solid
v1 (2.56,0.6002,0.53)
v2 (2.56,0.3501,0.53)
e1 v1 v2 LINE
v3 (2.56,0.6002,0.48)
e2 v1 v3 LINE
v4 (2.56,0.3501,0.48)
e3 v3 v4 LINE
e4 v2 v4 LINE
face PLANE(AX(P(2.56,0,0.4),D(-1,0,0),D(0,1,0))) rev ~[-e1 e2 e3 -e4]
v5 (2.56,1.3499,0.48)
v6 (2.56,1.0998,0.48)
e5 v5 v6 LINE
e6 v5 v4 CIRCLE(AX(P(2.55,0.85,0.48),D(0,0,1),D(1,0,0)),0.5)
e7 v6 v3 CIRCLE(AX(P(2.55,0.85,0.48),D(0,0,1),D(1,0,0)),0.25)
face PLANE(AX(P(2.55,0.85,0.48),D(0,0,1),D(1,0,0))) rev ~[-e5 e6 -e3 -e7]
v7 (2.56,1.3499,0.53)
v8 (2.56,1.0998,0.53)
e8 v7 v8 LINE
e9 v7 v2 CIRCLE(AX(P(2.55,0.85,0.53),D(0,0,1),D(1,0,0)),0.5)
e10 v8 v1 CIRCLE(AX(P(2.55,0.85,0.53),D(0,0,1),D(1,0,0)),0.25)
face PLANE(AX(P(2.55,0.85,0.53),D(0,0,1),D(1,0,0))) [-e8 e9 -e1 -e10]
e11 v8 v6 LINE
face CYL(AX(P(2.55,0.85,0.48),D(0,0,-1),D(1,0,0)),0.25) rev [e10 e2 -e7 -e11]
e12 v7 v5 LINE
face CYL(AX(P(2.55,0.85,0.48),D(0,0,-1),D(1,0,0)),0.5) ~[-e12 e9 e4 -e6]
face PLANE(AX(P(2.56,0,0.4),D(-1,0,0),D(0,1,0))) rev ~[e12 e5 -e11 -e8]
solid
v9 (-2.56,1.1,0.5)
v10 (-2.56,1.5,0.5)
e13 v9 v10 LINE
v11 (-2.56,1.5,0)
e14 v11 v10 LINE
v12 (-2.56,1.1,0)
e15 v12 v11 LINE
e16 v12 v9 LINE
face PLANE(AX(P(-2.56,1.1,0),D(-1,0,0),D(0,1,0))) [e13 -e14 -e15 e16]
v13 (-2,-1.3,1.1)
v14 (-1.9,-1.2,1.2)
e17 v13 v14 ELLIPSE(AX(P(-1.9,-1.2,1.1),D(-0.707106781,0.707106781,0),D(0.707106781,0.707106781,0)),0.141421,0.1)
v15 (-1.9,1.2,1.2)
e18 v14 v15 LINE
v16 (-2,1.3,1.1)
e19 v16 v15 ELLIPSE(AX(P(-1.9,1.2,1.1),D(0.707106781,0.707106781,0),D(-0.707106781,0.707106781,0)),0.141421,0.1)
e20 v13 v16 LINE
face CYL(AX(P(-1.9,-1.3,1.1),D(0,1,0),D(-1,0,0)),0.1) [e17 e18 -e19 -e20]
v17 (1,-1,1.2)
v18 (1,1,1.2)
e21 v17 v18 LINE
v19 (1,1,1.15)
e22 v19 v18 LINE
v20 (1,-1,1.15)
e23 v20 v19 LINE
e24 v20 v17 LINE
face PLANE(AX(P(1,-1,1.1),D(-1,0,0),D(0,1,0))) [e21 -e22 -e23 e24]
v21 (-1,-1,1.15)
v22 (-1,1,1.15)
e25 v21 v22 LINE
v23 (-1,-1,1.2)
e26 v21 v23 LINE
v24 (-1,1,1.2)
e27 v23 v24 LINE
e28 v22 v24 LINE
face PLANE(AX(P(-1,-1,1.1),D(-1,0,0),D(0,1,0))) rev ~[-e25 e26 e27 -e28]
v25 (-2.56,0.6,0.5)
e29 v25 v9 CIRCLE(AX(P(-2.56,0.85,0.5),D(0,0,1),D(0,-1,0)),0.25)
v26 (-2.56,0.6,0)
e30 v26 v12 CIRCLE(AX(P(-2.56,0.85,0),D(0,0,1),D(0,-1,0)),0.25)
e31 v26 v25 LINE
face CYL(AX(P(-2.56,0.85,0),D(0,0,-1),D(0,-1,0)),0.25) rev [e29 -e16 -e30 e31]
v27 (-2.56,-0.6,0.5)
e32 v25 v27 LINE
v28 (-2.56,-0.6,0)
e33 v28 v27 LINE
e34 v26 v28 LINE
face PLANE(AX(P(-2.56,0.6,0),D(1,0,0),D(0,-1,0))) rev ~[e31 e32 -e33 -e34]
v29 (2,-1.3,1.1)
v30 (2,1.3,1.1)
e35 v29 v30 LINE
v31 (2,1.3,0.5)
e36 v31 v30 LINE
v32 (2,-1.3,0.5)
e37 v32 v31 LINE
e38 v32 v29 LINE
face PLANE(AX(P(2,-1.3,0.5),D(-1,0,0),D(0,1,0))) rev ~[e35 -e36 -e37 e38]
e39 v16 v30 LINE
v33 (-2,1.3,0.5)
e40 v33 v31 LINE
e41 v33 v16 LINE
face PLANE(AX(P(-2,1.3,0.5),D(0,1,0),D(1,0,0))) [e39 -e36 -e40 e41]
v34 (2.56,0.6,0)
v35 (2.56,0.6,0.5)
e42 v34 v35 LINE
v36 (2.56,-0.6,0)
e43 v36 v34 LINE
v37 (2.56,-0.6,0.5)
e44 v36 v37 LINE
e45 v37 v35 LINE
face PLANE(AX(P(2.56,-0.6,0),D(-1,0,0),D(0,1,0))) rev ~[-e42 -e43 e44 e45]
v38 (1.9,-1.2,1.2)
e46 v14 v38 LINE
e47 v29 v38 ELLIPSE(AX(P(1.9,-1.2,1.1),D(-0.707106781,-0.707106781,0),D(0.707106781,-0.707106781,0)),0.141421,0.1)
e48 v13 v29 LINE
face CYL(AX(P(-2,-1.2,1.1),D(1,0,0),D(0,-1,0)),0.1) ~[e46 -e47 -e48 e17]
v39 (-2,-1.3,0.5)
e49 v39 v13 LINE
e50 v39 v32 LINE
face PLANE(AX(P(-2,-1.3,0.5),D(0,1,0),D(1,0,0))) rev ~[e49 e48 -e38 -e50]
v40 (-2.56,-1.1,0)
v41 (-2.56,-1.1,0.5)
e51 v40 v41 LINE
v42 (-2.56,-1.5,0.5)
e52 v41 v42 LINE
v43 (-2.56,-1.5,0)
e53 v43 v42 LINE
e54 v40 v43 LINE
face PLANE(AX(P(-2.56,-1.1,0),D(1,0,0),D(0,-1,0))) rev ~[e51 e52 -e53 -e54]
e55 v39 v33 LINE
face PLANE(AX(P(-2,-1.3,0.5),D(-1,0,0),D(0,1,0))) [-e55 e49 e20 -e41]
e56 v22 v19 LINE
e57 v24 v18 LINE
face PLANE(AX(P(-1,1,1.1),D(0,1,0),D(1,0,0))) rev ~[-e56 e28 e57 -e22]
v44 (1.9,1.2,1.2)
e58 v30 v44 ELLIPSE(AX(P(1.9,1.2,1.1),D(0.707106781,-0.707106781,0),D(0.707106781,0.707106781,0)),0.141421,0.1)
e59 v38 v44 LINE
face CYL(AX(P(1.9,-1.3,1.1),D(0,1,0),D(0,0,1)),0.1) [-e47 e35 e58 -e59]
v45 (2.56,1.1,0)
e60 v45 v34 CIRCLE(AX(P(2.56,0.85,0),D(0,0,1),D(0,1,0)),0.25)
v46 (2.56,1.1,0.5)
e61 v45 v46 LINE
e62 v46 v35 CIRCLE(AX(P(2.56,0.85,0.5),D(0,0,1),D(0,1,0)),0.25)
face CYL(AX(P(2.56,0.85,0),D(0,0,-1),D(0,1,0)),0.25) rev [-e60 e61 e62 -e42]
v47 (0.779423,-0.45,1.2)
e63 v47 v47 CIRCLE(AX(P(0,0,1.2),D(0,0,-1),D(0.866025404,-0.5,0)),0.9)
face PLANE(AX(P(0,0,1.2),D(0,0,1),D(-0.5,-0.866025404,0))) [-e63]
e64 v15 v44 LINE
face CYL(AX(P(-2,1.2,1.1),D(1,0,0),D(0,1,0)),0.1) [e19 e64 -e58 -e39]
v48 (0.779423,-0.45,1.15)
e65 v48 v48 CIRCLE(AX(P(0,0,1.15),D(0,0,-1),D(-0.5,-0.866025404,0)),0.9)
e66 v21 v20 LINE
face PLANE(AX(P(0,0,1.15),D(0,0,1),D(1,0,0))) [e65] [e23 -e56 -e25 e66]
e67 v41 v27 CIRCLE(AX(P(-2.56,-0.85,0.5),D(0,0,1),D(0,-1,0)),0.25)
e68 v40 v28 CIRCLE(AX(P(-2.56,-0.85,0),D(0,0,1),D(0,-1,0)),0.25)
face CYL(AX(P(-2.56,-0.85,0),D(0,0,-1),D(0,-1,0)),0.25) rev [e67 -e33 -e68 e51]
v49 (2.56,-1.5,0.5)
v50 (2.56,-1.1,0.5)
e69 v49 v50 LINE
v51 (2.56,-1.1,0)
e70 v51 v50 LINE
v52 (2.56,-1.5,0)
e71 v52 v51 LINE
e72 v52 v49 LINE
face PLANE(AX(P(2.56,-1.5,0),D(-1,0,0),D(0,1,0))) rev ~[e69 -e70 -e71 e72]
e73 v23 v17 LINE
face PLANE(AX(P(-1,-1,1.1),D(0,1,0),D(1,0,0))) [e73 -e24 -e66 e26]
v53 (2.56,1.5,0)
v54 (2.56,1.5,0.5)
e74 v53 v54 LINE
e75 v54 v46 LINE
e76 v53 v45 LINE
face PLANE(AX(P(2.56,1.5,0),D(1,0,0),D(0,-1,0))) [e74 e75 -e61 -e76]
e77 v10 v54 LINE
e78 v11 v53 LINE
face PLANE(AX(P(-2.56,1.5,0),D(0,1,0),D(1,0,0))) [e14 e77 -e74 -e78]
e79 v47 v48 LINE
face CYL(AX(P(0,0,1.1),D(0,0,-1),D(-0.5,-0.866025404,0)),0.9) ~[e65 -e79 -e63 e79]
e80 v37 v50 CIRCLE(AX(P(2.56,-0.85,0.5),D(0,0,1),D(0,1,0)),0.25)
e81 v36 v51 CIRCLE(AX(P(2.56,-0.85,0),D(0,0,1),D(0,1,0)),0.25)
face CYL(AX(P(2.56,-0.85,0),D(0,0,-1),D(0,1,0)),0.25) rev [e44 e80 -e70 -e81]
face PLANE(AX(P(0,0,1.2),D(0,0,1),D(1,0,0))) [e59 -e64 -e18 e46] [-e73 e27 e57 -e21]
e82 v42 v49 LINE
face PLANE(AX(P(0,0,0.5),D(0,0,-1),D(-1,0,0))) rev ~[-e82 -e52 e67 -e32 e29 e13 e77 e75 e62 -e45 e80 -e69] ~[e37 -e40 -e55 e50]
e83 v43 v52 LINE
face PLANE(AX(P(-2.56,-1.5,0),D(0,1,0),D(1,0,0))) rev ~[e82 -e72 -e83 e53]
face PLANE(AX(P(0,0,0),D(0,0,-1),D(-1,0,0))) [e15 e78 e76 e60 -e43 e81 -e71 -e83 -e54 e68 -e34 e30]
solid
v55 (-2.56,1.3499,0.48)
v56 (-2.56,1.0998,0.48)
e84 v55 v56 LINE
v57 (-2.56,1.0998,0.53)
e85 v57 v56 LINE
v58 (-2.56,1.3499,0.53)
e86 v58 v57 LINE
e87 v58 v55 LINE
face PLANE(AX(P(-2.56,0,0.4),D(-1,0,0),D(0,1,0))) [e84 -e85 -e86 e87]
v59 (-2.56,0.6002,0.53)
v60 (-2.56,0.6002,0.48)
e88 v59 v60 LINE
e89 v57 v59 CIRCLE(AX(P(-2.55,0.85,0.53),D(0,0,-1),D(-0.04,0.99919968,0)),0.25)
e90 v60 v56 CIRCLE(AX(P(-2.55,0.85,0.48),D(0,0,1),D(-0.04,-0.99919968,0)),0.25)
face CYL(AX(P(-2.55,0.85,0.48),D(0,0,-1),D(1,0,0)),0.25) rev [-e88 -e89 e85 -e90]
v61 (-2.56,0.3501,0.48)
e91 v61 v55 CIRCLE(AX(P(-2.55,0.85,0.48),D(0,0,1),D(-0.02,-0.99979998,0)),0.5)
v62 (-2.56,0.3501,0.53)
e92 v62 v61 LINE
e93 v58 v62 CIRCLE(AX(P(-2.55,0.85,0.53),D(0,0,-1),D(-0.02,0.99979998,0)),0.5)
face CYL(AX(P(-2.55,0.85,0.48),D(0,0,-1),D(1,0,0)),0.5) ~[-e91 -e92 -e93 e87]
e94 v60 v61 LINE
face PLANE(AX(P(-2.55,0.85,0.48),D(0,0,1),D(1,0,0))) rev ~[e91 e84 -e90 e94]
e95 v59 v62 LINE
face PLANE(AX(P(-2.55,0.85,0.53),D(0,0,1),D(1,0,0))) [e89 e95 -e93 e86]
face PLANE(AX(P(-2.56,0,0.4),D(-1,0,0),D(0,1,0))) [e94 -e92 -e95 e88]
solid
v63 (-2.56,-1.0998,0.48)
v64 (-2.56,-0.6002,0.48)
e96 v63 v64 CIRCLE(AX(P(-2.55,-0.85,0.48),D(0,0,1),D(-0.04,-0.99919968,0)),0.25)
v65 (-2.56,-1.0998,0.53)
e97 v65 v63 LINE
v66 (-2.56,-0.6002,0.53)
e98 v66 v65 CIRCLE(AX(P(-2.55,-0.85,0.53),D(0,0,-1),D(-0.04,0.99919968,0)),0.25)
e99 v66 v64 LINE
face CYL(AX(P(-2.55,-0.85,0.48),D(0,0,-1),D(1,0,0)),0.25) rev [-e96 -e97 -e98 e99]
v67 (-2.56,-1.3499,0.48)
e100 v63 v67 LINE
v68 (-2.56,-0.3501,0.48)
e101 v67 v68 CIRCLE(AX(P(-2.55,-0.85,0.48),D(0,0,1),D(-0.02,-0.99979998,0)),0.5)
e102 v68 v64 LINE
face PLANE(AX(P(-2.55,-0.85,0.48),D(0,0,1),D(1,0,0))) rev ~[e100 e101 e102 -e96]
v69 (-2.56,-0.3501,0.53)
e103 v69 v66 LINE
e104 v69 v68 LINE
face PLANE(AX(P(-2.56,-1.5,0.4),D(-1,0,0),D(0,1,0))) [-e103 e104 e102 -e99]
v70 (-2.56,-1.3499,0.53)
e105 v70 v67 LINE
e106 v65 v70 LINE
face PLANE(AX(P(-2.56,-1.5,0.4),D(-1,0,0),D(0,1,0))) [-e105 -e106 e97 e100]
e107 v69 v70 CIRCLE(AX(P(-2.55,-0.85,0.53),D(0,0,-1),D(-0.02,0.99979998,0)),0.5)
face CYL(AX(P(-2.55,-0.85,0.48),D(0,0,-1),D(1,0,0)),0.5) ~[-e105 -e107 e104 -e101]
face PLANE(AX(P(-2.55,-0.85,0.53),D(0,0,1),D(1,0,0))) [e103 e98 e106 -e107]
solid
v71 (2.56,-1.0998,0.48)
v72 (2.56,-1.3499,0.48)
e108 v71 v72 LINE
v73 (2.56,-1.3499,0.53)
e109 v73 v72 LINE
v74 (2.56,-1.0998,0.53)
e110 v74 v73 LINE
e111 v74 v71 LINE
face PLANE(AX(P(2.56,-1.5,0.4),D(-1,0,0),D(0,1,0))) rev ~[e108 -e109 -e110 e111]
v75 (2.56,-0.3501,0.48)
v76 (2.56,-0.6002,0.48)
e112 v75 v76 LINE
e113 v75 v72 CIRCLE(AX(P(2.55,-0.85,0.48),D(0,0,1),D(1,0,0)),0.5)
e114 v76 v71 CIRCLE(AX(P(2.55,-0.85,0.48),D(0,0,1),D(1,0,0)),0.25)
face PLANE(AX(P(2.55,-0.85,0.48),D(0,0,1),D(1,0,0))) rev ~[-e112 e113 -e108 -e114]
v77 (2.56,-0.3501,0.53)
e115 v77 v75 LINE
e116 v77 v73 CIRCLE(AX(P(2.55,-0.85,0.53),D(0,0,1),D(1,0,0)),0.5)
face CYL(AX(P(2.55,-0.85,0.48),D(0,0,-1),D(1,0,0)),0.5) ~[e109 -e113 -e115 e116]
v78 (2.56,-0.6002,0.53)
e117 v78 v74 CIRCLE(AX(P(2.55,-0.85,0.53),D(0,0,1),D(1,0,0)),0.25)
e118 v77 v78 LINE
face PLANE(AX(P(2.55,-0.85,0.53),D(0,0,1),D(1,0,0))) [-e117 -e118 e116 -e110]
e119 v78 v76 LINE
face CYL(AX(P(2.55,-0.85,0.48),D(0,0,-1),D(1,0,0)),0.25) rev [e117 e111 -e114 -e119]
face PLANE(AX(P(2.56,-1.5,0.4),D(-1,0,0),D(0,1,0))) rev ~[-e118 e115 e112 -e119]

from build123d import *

# Parameters (mm, degrees)
BOX012_W               = 1
BOX012_H               = 1.5
BOX012_DEPTH           = 0.3
CYLINDER007_R          = 0.25
CYLINDER007_DEPTH      = 0.05
CYLINDER004_R          = 0.5
CYLINDER004_DEPTH      = 0.05
BOX011_W               = 1
BOX011_H               = 2.5
BOX011_DEPTH           = 0.3
CYLINDER008_R          = 0.25
CYLINDER008_DEPTH      = 0.05
CYLINDER003_R          = 0.5
CYLINDER003_DEPTH      = 0.05
BOX009_W               = 1
BOX009_H               = 1.5
BOX009_DEPTH           = 0.3
CYLINDER009_R          = 0.25
CYLINDER009_DEPTH      = 0.05
CYLINDER006_R          = 0.5
CYLINDER006_DEPTH      = 0.05
BOX010_W               = 1
BOX010_H               = 1.5
BOX010_DEPTH           = 0.3
CYLINDER010_R          = 0.25
CYLINDER010_DEPTH      = 0.05
CYLINDER005_R          = 0.5
CYLINDER005_DEPTH      = 0.05
BOX005_W               = 2
BOX005_H               = 3
BOX005_DEPTH           = 0.2
BOX005_PLACEMENT_ANGLE = 120
BOX004_W               = 2
BOX004_H               = 3
BOX004_DEPTH           = 0.2
CYLINDER001_R          = 0.9
CYLINDER001_DEPTH      = 0.1
CUT004_PLACEMENT_ANGLE = 120
BOX007_W               = 2
BOX007_H               = 3
BOX007_DEPTH           = 0.2
BOX007_PLACEMENT_ANGLE = 120
BOX006_W               = 2
BOX006_H               = 3
BOX006_DEPTH           = 0.2
CYLINDER002_R          = 0.9
CYLINDER002_DEPTH      = 0.1
CUT006_PLACEMENT_ANGLE = 240
BOX003_W               = 2
BOX003_H               = 3
BOX003_DEPTH           = 0.2
BOX003_PLACEMENT_ANGLE = 120
BOX002_W               = 2
BOX002_H               = 3
BOX002_DEPTH           = 0.2
CYLINDER_R             = 0.9
CYLINDER_DEPTH         = 0.1
BOX008_W               = 2
BOX008_H               = 2
BOX008_DEPTH           = 0.2
PAD_DEPTH              = 0.5
BOX001_W               = 2
BOX001_H               = 2
BOX001_DEPTH           = 0.1
BOX_W                  = 4
BOX_H                  = 2.6
BOX_DEPTH              = 0.7
FILLET_R               = 0.1


with BuildPart() as kub012:
    # Box012 → Box012 (new body)
    with BuildSketch(Plane(origin=(-3.56, 0, 0.4), x_dir=(1, 0, 0), z_dir=(0, 0, 1))):
        with Locations((0.5, 0.75)):
            Rectangle(BOX012_W, BOX012_H)
    extrude(amount=BOX012_DEPTH)


with BuildPart() as cylinder007:
    # Cylinder007 → Cylinder007 (new body)
    with BuildSketch(Plane(origin=(-2.55, 0.85, 0.48), x_dir=(1, 0, 0), z_dir=(0, 0, 1))):
        Circle(CYLINDER007_R)
    extrude(amount=CYLINDER007_DEPTH)


with BuildPart() as cut011:
    # Cylinder004 → Cylinder004 (new body)
    with BuildSketch(Plane(origin=(-2.55, 0.85, 0.48), x_dir=(1, 0, 0), z_dir=(0, 0, 1))):
        Circle(CYLINDER004_R)
    extrude(amount=CYLINDER004_DEPTH)

    # Cut007: cut Cylinder007
    add(cylinder007.part, mode=Mode.SUBTRACT)

    # Cut011: cut Kub012
    add(kub012.part, mode=Mode.SUBTRACT)


with BuildPart() as kub011:
    # Box011 → Box011 (new body)
    with BuildSketch(Plane(origin=(-3.56, -1.5, 0.4), x_dir=(1, 0, 0), z_dir=(0, 0, 1))):
        with Locations((0.5, 1.25)):
            Rectangle(BOX011_W, BOX011_H)
    extrude(amount=BOX011_DEPTH)


with BuildPart() as cylinder008:
    # Cylinder008 → Cylinder008 (new body)
    with BuildSketch(Plane(origin=(-2.55, -0.85, 0.48), x_dir=(1, 0, 0), z_dir=(0, 0, 1))):
        Circle(CYLINDER008_R)
    extrude(amount=CYLINDER008_DEPTH)


with BuildPart() as cut012:
    # Cylinder003 → Cylinder003 (new body)
    with BuildSketch(Plane(origin=(-2.55, -0.85, 0.48), x_dir=(1, 0, 0), z_dir=(0, 0, 1))):
        Circle(CYLINDER003_R)
    extrude(amount=CYLINDER003_DEPTH)

    # Cut008: cut Cylinder008
    add(cylinder008.part, mode=Mode.SUBTRACT)

    # Cut012: cut Kub011
    add(kub011.part, mode=Mode.SUBTRACT)


with BuildPart() as kub009:
    # Box009 → Box009 (new body)
    with BuildSketch(Plane(origin=(2.56, -1.5, 0.4), x_dir=(1, 0, 0), z_dir=(0, 0, 1))):
        with Locations((0.5, 0.75)):
            Rectangle(BOX009_W, BOX009_H)
    extrude(amount=BOX009_DEPTH)


with BuildPart() as cylinder009:
    # Cylinder009 → Cylinder009 (new body)
    with BuildSketch(Plane(origin=(2.55, -0.85, 0.48), x_dir=(1, 0, 0), z_dir=(0, 0, 1))):
        Circle(CYLINDER009_R)
    extrude(amount=CYLINDER009_DEPTH)


with BuildPart() as cut013:
    # Cylinder006 → Cylinder006 (new body)
    with BuildSketch(Plane(origin=(2.55, -0.85, 0.48), x_dir=(1, 0, 0), z_dir=(0, 0, 1))):
        Circle(CYLINDER006_R)
    extrude(amount=CYLINDER006_DEPTH)

    # Cut009: cut Cylinder009
    add(cylinder009.part, mode=Mode.SUBTRACT)

    # Cut013: cut Kub009
    add(kub009.part, mode=Mode.SUBTRACT)


with BuildPart() as kub010:
    # Box010 → Box010 (new body)
    with BuildSketch(Plane(origin=(2.56, 0, 0.4), x_dir=(1, 0, 0), z_dir=(0, 0, 1))):
        with Locations((0.5, 0.75)):
            Rectangle(BOX010_W, BOX010_H)
    extrude(amount=BOX010_DEPTH)


with BuildPart() as cylinder010:
    # Cylinder010 → Cylinder010 (new body)
    with BuildSketch(Plane(origin=(2.55, 0.85, 0.48), x_dir=(1, 0, 0), z_dir=(0, 0, 1))):
        Circle(CYLINDER010_R)
    extrude(amount=CYLINDER010_DEPTH)


with BuildPart() as cut014:
    # Cylinder005 → Cylinder005 (new body)
    with BuildSketch(Plane(origin=(2.55, 0.85, 0.48), x_dir=(1, 0, 0), z_dir=(0, 0, 1))):
        Circle(CYLINDER005_R)
    extrude(amount=CYLINDER005_DEPTH)

    # Cut010: cut Cylinder010
    add(cylinder010.part, mode=Mode.SUBTRACT)

    # Cut014: cut Kub010
    add(kub010.part, mode=Mode.SUBTRACT)


with BuildPart() as kub005:
    # Box005 → Box005 (new body)
    with BuildSketch(Plane.XY):
        with Locations((1, 1.5)):
            Rectangle(BOX005_W, BOX005_H)
    extrude(amount=BOX005_DEPTH)


with BuildPart() as kub005_1:
    # Box005 placement: moved
    add(kub005.part.moved(Location((0, 0, 1.2))).rotate(Axis((0, 0, 1.2), (0, 0, -1)), BOX005_PLACEMENT_ANGLE))


with BuildPart() as kub004:
    # Box004 → Box004 (new body)
    with BuildSketch(Plane(origin=(-2, -1, 1.2), x_dir=(1, 0, 0), z_dir=(0, 0, 1))):
        with Locations((1, 1.5)):
            Rectangle(BOX004_W, BOX004_H)
    extrude(amount=BOX004_DEPTH)


with BuildPart() as cut004:
    # Cylinder001 → Cylinder001 (new body)
    with BuildSketch(Plane.XY.offset(1.2)):
        Circle(CYLINDER001_R)
    extrude(amount=CYLINDER001_DEPTH)

    # Cut003: cut Kub004
    add(kub004.part, mode=Mode.SUBTRACT)

    # Cut004: cut Kub005
    add(kub005_1.part, mode=Mode.SUBTRACT)


with BuildPart() as cut004_1:
    # Cut004 placement: moved
    add(cut004.part.rotate(Axis((0, 0, 0), (0, 0, 1)), CUT004_PLACEMENT_ANGLE))


with BuildPart() as kub007:
    # Box007 → Box007 (new body)
    with BuildSketch(Plane.XY):
        with Locations((1, 1.5)):
            Rectangle(BOX007_W, BOX007_H)
    extrude(amount=BOX007_DEPTH)


with BuildPart() as kub007_1:
    # Box007 placement: moved
    add(kub007.part.moved(Location((0, 0, 1.2))).rotate(Axis((0, 0, 1.2), (0, 0, -1)), BOX007_PLACEMENT_ANGLE))


with BuildPart() as kub006:
    # Box006 → Box006 (new body)
    with BuildSketch(Plane(origin=(-2, -1, 1.2), x_dir=(1, 0, 0), z_dir=(0, 0, 1))):
        with Locations((1, 1.5)):
            Rectangle(BOX006_W, BOX006_H)
    extrude(amount=BOX006_DEPTH)


with BuildPart() as cut006:
    # Cylinder002 → Cylinder002 (new body)
    with BuildSketch(Plane.XY.offset(1.2)):
        Circle(CYLINDER002_R)
    extrude(amount=CYLINDER002_DEPTH)

    # Cut005: cut Kub006
    add(kub006.part, mode=Mode.SUBTRACT)

    # Cut006: cut Kub007
    add(kub007_1.part, mode=Mode.SUBTRACT)


with BuildPart() as cut006_1:
    # Cut006 placement: moved
    add(cut006.part.rotate(Axis((0, 0, 0), (0, 0, 1)), CUT006_PLACEMENT_ANGLE))


with BuildPart() as kub003:
    # Box003 → Box003 (new body)
    with BuildSketch(Plane.XY):
        with Locations((1, 1.5)):
            Rectangle(BOX003_W, BOX003_H)
    extrude(amount=BOX003_DEPTH)


with BuildPart() as kub003_1:
    # Box003 placement: moved
    add(kub003.part.moved(Location((0, 0, 1.2))).rotate(Axis((0, 0, 1.2), (0, 0, -1)), BOX003_PLACEMENT_ANGLE))


with BuildPart() as kub002:
    # Box002 → Box002 (new body)
    with BuildSketch(Plane(origin=(-2, -1, 1.2), x_dir=(1, 0, 0), z_dir=(0, 0, 1))):
        with Locations((1, 1.5)):
            Rectangle(BOX002_W, BOX002_H)
    extrude(amount=BOX002_DEPTH)


with BuildPart() as colour:
    # Cylinder → Cylinder (new body)
    with BuildSketch(Plane.XY.offset(1.2)):
        Circle(CYLINDER_R)
    extrude(amount=CYLINDER_DEPTH)

    # Cut001: cut Kub002
    add(kub002.part, mode=Mode.SUBTRACT)

    # Cut002: cut Kub003
    add(kub003_1.part, mode=Mode.SUBTRACT)

    # Fusion: union Cut004, Cut006
    add(cut004_1.part)
    add(cut006_1.part)


with BuildPart() as colour_1:
    # Fusion placement: moved
    add(colour.part.moved(Location((0, 0, -0.1))))


with BuildPart() as kub008:
    # Box008 → Box008 (new body)
    with BuildSketch(Plane(origin=(-1, -1, 0.95), x_dir=(1, 0, 0), z_dir=(0, 0, 1))):
        with Locations((1, 1)):
            Rectangle(BOX008_W, BOX008_H)
    extrude(amount=BOX008_DEPTH)


with BuildPart() as body:
    # Sketch → Pad (new body)
    with BuildSketch(Plane.XY):
        with BuildLine():
            Line((-2.56, 1.1), (-2.56, 1.5))
            Line((-2.56, 1.5), (2.56, 1.5))
            Line((2.56, 1.5), (2.56, 1.1))
            ThreePointArc((2.56, 1.1), (2.31, 0.85), (2.56, 0.6))
            Line((2.56, 0.4), (2.56, 0.6))
            Line((2.56, 0.4), (2.56, -0.4))
            Line((2.56, -0.4), (2.56, -0.6))
            ThreePointArc((2.56, -0.6), (2.31, -0.85), (2.56, -1.1))
            Line((2.56, -1.5), (2.56, -1.1))
            Line((-2.56, -1.5), (2.56, -1.5))
            Line((-2.56, -1.1), (-2.56, -1.5))
            ThreePointArc((-2.56, -1.1), (-2.31, -0.85), (-2.56, -0.6))
            Line((-2.56, -0.4), (-2.56, -0.6))
            Line((-2.56, 0.4), (-2.56, -0.4))
            Line((-2.56, 0.4), (-2.56, 0.6))
            ThreePointArc((-2.56, 0.6), (-2.31, 0.85), (-2.56, 1.1))
        make_face()
    extrude(amount=PAD_DEPTH)


with BuildPart() as kub001:
    # Box001 → Box001 (new body)
    with BuildSketch(Plane(origin=(-1, -1, 1.1), x_dir=(1, 0, 0), z_dir=(0, 0, 1))):
        with Locations((1, 1)):
            Rectangle(BOX001_W, BOX001_H)
    extrude(amount=BOX001_DEPTH)


with BuildPart() as fusion001:
    # Box → Box (new body)
    with BuildSketch(Plane(origin=(-2, -1.3, 0.5), x_dir=(1, 0, 0), z_dir=(0, 0, 1))):
        with Locations((2, 1.3)):
            Rectangle(BOX_W, BOX_H)
    extrude(amount=BOX_DEPTH)

    # Cut: cut Kub001
    add(kub001.part, mode=Mode.SUBTRACT)

    # Fillet
    fillet_edges = [fusion001.edges().sort_by_distance(p)[0] for p in [
        (-2, 0, 1.2),
        (0, -1.3, 1.2),
        (0, 1.3, 1.2),
        (2, 0, 1.2),
    ]]
    fillet(fillet_edges, radius=FILLET_R)

    # Fusion001: union Colour, Kub008, Body
    add(colour_1.part)
    add(kub008.part)
    add(body.part)


solid = Compound([cut011.part, cut012.part, cut013.part, cut014.part, fusion001.part])
